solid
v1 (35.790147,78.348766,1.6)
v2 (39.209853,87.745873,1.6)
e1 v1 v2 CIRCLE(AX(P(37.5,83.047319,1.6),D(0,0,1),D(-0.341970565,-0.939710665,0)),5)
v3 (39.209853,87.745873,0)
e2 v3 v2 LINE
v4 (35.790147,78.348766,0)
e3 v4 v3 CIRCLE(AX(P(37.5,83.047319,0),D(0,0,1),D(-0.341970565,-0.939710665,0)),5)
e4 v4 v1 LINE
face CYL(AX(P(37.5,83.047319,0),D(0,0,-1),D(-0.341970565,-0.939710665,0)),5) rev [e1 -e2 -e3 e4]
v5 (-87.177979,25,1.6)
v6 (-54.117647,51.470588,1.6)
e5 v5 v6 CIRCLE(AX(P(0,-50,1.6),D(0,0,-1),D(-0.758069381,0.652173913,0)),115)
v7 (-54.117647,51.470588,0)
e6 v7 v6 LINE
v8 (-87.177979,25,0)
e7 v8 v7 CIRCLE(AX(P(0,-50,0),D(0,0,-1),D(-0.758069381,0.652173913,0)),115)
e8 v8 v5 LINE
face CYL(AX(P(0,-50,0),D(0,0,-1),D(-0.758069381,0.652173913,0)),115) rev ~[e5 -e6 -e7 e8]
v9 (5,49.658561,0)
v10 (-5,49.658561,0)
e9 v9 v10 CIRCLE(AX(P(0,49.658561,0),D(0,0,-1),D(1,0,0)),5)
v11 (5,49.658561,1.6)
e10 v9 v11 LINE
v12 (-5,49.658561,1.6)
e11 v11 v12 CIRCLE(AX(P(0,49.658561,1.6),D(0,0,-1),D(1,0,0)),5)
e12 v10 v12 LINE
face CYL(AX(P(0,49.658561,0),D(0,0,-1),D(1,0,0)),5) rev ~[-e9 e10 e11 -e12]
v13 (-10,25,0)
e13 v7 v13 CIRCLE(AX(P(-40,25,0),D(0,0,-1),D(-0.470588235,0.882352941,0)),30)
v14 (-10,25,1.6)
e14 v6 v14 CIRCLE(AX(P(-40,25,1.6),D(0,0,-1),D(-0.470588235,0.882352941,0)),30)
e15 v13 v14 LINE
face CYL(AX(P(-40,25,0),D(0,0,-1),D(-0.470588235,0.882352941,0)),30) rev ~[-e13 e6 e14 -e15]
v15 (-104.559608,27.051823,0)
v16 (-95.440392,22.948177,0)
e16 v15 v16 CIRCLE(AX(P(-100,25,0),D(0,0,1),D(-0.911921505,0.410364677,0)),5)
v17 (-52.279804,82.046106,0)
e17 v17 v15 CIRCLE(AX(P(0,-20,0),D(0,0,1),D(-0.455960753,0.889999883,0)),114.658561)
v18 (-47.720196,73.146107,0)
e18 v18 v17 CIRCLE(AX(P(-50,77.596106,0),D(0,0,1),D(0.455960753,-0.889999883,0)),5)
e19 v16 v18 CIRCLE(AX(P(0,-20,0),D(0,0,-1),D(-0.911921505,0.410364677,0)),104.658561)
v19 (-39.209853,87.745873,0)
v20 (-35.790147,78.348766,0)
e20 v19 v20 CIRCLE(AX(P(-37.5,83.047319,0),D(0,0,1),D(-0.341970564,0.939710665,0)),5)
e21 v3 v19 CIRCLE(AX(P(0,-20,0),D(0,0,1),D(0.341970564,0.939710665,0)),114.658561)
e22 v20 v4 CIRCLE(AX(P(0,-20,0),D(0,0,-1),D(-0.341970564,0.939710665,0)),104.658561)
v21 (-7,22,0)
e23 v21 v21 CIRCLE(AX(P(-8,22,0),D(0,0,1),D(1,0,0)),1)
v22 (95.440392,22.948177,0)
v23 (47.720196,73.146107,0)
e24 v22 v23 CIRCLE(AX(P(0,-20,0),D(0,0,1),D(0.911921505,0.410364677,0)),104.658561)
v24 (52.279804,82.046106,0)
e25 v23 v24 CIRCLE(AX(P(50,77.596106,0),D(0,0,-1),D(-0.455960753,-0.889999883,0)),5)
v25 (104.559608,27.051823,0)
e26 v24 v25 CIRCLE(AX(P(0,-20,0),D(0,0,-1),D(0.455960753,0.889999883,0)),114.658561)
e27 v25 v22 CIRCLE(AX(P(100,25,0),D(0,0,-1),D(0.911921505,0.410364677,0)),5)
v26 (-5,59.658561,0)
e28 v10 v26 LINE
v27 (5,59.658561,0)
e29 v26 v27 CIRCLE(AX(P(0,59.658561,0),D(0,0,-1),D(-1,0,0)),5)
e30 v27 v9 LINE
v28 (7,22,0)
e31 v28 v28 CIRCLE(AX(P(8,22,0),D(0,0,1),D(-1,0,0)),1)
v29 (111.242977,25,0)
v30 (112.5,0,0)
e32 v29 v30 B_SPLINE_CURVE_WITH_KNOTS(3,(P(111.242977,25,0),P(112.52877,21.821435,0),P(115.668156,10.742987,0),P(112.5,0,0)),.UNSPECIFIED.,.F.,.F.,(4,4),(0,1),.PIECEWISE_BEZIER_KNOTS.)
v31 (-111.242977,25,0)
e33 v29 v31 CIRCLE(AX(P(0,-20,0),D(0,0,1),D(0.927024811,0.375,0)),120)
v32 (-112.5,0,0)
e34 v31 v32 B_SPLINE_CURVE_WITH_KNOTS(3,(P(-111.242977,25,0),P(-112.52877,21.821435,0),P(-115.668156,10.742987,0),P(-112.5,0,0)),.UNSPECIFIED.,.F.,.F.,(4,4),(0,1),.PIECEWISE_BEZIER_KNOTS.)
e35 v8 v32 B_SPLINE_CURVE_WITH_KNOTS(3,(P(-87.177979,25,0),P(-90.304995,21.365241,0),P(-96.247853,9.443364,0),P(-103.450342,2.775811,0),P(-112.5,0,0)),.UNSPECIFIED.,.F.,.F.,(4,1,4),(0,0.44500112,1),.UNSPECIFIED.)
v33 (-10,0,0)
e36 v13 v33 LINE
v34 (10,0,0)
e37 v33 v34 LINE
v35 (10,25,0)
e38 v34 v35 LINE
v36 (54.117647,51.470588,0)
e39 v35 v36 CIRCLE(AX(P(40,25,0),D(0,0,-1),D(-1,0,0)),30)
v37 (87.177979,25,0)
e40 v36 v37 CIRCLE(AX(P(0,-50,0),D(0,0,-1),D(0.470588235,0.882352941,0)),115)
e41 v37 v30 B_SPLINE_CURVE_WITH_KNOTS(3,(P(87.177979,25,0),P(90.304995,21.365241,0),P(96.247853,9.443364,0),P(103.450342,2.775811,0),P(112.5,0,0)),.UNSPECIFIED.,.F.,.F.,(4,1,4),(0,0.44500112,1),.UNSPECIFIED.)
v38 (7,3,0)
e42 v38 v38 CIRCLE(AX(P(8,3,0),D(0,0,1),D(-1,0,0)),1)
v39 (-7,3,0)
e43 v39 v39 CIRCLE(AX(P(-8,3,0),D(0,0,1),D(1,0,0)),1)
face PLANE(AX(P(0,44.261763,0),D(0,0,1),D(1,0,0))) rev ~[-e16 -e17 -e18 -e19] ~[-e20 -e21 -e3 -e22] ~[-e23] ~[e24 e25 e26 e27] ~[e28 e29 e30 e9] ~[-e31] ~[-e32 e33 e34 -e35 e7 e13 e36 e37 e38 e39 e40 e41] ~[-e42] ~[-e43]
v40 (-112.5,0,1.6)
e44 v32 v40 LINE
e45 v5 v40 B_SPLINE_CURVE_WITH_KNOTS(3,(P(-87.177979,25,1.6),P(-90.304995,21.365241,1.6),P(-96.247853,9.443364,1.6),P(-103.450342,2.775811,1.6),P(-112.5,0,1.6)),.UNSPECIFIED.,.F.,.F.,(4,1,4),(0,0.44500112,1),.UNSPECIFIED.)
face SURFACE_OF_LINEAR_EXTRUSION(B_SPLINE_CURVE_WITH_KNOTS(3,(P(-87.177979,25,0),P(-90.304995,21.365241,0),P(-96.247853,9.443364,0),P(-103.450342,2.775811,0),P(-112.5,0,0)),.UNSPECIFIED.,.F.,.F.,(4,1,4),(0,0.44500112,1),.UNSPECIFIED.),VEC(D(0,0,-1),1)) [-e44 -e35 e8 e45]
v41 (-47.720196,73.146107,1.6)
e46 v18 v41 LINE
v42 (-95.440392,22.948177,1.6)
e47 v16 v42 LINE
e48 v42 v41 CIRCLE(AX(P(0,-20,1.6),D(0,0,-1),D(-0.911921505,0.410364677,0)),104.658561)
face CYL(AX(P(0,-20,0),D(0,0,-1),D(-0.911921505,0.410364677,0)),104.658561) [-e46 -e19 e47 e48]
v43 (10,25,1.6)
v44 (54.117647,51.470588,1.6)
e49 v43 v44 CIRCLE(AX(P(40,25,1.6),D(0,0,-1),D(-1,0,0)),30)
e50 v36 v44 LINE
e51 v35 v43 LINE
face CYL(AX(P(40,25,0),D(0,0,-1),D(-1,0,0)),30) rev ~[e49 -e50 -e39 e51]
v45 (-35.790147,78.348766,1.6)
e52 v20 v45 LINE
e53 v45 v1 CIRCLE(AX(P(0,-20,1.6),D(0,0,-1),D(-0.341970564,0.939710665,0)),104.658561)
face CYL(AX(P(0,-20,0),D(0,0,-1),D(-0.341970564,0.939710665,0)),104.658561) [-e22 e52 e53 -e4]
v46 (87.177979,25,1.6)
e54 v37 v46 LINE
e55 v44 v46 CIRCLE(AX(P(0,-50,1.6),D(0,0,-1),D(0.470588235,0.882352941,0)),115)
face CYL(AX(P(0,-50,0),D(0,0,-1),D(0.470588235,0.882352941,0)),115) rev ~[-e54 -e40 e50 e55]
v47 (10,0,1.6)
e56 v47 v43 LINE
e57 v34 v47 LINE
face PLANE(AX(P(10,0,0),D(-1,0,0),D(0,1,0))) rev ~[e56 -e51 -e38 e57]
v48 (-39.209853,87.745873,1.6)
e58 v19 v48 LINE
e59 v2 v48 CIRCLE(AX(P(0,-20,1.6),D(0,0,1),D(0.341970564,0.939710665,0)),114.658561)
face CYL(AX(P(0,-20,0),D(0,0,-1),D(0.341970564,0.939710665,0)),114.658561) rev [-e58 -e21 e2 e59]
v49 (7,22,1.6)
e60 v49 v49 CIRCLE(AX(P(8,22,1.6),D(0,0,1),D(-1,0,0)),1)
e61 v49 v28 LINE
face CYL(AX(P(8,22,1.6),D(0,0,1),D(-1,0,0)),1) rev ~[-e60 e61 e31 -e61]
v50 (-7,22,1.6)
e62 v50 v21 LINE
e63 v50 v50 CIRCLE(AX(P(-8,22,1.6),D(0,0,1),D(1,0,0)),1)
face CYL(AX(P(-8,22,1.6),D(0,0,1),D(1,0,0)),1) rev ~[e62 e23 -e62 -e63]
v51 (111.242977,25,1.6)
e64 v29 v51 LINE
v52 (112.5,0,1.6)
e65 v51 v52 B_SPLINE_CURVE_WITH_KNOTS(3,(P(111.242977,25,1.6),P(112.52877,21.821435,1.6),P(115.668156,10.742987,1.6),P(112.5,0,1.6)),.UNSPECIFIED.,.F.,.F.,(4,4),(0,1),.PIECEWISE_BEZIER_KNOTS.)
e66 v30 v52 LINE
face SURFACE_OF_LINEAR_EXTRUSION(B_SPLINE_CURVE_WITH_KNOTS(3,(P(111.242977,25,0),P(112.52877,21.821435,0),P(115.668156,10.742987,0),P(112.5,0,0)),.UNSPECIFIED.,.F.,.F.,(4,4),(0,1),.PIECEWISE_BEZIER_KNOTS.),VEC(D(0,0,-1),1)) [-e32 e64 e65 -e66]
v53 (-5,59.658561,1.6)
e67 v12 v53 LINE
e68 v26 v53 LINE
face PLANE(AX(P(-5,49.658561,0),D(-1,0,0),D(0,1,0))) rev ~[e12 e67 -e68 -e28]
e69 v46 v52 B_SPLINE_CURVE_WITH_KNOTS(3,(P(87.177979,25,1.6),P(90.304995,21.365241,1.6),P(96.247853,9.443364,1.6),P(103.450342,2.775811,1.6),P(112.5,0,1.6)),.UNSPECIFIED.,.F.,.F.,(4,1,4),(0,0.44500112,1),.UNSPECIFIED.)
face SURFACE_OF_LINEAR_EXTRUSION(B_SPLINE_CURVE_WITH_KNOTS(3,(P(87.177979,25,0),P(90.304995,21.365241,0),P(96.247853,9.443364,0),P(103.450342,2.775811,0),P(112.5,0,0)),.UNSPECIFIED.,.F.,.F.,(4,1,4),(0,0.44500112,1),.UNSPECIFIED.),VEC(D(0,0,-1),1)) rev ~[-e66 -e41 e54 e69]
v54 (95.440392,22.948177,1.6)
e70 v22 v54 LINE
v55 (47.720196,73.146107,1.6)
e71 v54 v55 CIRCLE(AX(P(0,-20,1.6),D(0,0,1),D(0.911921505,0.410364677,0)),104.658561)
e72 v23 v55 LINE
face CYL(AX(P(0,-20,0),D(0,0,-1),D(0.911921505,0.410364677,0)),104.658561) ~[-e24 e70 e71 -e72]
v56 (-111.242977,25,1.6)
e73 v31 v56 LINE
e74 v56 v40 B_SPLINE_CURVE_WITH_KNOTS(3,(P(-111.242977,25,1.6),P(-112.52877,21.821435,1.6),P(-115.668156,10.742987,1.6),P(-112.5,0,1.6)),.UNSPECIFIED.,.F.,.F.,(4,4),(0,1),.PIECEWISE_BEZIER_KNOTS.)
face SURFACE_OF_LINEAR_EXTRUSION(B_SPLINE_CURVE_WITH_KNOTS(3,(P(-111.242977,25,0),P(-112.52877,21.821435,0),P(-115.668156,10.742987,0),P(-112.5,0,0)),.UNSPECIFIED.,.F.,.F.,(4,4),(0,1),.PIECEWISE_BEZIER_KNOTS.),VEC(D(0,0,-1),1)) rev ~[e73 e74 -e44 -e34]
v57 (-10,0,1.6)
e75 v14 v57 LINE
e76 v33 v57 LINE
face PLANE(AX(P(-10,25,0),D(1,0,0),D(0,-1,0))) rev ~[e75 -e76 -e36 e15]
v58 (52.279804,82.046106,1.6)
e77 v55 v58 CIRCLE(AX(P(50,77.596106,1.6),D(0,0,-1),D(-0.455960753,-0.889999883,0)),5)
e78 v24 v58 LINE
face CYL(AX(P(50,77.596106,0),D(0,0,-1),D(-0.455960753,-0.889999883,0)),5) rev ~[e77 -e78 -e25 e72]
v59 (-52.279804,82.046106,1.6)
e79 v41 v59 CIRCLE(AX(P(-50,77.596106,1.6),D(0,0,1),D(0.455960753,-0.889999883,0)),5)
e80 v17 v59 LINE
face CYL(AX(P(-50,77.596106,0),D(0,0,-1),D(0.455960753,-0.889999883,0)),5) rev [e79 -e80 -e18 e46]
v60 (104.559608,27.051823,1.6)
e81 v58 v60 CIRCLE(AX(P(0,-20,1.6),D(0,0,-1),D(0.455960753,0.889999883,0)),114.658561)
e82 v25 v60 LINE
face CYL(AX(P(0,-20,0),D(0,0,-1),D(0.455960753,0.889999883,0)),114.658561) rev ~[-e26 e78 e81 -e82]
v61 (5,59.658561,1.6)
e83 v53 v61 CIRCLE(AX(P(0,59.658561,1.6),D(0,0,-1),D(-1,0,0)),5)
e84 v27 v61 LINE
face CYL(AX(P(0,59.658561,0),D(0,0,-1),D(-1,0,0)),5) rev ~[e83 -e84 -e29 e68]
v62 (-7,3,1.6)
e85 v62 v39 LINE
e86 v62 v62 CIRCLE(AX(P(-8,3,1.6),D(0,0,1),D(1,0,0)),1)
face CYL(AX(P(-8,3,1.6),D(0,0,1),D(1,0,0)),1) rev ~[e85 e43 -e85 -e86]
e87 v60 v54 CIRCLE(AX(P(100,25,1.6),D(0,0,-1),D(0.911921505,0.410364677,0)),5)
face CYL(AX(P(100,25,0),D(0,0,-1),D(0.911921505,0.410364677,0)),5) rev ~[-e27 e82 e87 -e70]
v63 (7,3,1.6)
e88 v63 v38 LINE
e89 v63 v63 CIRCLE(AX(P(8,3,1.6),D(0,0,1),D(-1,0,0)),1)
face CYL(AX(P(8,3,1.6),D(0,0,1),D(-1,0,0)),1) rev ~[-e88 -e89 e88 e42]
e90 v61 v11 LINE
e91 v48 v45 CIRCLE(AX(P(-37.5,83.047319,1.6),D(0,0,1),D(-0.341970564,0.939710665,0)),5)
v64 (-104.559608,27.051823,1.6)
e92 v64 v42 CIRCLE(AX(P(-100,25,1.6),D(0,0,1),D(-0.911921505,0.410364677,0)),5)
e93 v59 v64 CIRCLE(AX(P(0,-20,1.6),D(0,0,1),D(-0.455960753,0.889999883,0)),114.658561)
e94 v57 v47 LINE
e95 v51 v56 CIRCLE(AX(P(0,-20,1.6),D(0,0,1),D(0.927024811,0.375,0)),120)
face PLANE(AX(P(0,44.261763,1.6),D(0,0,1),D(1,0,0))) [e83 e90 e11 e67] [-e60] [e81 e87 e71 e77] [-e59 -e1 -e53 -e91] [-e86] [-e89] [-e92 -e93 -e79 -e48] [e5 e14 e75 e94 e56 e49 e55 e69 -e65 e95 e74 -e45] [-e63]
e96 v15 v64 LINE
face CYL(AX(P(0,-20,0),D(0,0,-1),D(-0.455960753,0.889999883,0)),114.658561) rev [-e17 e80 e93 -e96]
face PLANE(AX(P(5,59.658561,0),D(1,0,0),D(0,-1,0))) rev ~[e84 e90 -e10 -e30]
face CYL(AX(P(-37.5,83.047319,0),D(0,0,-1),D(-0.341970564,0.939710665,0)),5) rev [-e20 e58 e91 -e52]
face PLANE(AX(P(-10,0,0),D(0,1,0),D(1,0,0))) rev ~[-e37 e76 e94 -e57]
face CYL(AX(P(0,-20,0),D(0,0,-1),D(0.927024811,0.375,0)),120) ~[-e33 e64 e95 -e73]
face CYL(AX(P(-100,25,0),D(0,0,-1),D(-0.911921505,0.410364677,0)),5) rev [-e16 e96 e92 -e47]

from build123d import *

# Parameters (mm, degrees)
EXTRUDE_2_DEPTH     = 1.6
SKETCH_2_R          = 1
CUT_EXTRUDE_1_DEPTH = 152.556112047


with BuildPart() as part:
    # 草图1 → 凸台-拉伸2 (new body)
    with BuildSketch(Plane.XY):
        with BuildLine():
            Line((-10, 0), (10, 0))
            Line((10, 0), (10, 25))
            ThreePointArc((10, 25), (24.565127337, 50.724787771), (54.117647059, 51.470588235))
            ThreePointArc((54.117647059, 51.470588235), (71.876884233, 39.7703376), (87.177978871, 25))
            add(Edge.make_bspline(
                [(87.177978871, 25), (90.304994573, 21.365241216), (96.247853251, 9.443363931), (103.450341903, 2.775811449), (112.5, 0)],
                knots=[0, 0, 0, 0, 0.44500112, 1, 1, 1, 1], degree=3))
            add(Edge.make_bspline(
                [(111.242977306, 25), (112.528770299, 21.821434652), (115.6681563, 10.742987267), (112.5, 0)],
                knots=[0, 0, 0, 0, 1, 1, 1, 1], degree=3))
            ThreePointArc((111.242977306, 25), (0, 100), (-111.242977306, 25))
            add(Edge.make_bspline(
                [(-111.242977306, 25), (-112.528770299, 21.821434652), (-115.6681563, 10.742987267), (-112.5, 0)],
                knots=[0, 0, 0, 0, 1, 1, 1, 1], degree=3))
            add(Edge.make_bspline(
                [(-87.177978871, 25), (-90.304994573, 21.365241216), (-96.247853251, 9.443363931), (-103.450341903, 2.775811449), (-112.5, 0)],
                knots=[0, 0, 0, 0, 0.44500112, 1, 1, 1, 1], degree=3))
            ThreePointArc((-87.177978871, 25), (-71.876884233, 39.7703376), (-54.117647059, 51.470588235))
            ThreePointArc((-54.117647059, 51.470588235), (-24.565127337, 50.724787771), (-10, 25))
            Line((-10, 25), (-10, 0))
        make_face()
        with BuildLine():
            Line((5, 59.658560997), (5, 49.658560997))
            ThreePointArc((5, 49.658560997), (0, 44.658560997), (-5, 49.658560997))
            Line((-5, 49.658560997), (-5, 59.658560997))
            ThreePointArc((-5, 59.658560997), (0, 64.658560997), (5, 59.658560997))
        make_face(mode=Mode.SUBTRACT)
        with BuildLine():
            ThreePointArc((-52.279803763, 82.046105896), (-83.1008003, 58.999003788), (-104.559607526, 27.051823387))
            ThreePointArc((-104.559607526, 27.051823387), (-102.051823387, 20.440392474), (-95.440392474, 22.948176613))
            ThreePointArc((-95.440392474, 22.948176613), (-75.853125153, 52.10906874), (-47.720196237, 73.146107064))
            ThreePointArc((-47.720196237, 73.146107064), (-45.550000584, 79.875910243), (-52.279803763, 82.046105896))
        make_face(mode=Mode.SUBTRACT)
        with BuildLine():
            ThreePointArc((52.279803763, 82.046105896), (83.1008003, 58.999003788), (104.559607526, 27.051823387))
            ThreePointArc((104.559607526, 27.051823387), (102.051823387, 20.440392474), (95.440392474, 22.948176613))
            ThreePointArc((95.440392474, 22.948176613), (75.853125153, 52.10906874), (47.720196237, 73.146107064))
            ThreePointArc((47.720196237, 73.146107064), (45.550000584, 79.875910243), (52.279803763, 82.046105896))
        make_face(mode=Mode.SUBTRACT)
        with BuildLine():
            ThreePointArc((39.209852822, 87.74587255), (0, 94.658560997), (-39.209852822, 87.74587255))
            ThreePointArc((-39.209852822, 87.74587255), (-42.198553323, 81.337466405), (-35.790147178, 78.348765905))
            ThreePointArc((-35.790147178, 78.348765905), (0, 84.658560997), (35.790147178, 78.348765905))
            ThreePointArc((35.790147178, 78.348765905), (42.198553323, 81.337466405), (39.209852822, 87.74587255))
        make_face(mode=Mode.SUBTRACT)
    extrude(amount=EXTRUDE_2_DEPTH)

    # 草图2 → 切除-拉伸1 (cut, through all)
    with BuildSketch(Plane.XY.offset(1.6)):
        with Locations((-8, 3)):
            Circle(SKETCH_2_R)
        with Locations(Location((8, 3, 0), (0, 0, 180))):
            Circle(SKETCH_2_R)
        with Locations((-8, 22)):
            Circle(SKETCH_2_R)
        with Locations(Location((8, 22, 0), (0, 0, 180))):
            Circle(SKETCH_2_R)
    extrude(amount=-CUT_EXTRUDE_1_DEPTH, mode=Mode.SUBTRACT)


solid = part.part
